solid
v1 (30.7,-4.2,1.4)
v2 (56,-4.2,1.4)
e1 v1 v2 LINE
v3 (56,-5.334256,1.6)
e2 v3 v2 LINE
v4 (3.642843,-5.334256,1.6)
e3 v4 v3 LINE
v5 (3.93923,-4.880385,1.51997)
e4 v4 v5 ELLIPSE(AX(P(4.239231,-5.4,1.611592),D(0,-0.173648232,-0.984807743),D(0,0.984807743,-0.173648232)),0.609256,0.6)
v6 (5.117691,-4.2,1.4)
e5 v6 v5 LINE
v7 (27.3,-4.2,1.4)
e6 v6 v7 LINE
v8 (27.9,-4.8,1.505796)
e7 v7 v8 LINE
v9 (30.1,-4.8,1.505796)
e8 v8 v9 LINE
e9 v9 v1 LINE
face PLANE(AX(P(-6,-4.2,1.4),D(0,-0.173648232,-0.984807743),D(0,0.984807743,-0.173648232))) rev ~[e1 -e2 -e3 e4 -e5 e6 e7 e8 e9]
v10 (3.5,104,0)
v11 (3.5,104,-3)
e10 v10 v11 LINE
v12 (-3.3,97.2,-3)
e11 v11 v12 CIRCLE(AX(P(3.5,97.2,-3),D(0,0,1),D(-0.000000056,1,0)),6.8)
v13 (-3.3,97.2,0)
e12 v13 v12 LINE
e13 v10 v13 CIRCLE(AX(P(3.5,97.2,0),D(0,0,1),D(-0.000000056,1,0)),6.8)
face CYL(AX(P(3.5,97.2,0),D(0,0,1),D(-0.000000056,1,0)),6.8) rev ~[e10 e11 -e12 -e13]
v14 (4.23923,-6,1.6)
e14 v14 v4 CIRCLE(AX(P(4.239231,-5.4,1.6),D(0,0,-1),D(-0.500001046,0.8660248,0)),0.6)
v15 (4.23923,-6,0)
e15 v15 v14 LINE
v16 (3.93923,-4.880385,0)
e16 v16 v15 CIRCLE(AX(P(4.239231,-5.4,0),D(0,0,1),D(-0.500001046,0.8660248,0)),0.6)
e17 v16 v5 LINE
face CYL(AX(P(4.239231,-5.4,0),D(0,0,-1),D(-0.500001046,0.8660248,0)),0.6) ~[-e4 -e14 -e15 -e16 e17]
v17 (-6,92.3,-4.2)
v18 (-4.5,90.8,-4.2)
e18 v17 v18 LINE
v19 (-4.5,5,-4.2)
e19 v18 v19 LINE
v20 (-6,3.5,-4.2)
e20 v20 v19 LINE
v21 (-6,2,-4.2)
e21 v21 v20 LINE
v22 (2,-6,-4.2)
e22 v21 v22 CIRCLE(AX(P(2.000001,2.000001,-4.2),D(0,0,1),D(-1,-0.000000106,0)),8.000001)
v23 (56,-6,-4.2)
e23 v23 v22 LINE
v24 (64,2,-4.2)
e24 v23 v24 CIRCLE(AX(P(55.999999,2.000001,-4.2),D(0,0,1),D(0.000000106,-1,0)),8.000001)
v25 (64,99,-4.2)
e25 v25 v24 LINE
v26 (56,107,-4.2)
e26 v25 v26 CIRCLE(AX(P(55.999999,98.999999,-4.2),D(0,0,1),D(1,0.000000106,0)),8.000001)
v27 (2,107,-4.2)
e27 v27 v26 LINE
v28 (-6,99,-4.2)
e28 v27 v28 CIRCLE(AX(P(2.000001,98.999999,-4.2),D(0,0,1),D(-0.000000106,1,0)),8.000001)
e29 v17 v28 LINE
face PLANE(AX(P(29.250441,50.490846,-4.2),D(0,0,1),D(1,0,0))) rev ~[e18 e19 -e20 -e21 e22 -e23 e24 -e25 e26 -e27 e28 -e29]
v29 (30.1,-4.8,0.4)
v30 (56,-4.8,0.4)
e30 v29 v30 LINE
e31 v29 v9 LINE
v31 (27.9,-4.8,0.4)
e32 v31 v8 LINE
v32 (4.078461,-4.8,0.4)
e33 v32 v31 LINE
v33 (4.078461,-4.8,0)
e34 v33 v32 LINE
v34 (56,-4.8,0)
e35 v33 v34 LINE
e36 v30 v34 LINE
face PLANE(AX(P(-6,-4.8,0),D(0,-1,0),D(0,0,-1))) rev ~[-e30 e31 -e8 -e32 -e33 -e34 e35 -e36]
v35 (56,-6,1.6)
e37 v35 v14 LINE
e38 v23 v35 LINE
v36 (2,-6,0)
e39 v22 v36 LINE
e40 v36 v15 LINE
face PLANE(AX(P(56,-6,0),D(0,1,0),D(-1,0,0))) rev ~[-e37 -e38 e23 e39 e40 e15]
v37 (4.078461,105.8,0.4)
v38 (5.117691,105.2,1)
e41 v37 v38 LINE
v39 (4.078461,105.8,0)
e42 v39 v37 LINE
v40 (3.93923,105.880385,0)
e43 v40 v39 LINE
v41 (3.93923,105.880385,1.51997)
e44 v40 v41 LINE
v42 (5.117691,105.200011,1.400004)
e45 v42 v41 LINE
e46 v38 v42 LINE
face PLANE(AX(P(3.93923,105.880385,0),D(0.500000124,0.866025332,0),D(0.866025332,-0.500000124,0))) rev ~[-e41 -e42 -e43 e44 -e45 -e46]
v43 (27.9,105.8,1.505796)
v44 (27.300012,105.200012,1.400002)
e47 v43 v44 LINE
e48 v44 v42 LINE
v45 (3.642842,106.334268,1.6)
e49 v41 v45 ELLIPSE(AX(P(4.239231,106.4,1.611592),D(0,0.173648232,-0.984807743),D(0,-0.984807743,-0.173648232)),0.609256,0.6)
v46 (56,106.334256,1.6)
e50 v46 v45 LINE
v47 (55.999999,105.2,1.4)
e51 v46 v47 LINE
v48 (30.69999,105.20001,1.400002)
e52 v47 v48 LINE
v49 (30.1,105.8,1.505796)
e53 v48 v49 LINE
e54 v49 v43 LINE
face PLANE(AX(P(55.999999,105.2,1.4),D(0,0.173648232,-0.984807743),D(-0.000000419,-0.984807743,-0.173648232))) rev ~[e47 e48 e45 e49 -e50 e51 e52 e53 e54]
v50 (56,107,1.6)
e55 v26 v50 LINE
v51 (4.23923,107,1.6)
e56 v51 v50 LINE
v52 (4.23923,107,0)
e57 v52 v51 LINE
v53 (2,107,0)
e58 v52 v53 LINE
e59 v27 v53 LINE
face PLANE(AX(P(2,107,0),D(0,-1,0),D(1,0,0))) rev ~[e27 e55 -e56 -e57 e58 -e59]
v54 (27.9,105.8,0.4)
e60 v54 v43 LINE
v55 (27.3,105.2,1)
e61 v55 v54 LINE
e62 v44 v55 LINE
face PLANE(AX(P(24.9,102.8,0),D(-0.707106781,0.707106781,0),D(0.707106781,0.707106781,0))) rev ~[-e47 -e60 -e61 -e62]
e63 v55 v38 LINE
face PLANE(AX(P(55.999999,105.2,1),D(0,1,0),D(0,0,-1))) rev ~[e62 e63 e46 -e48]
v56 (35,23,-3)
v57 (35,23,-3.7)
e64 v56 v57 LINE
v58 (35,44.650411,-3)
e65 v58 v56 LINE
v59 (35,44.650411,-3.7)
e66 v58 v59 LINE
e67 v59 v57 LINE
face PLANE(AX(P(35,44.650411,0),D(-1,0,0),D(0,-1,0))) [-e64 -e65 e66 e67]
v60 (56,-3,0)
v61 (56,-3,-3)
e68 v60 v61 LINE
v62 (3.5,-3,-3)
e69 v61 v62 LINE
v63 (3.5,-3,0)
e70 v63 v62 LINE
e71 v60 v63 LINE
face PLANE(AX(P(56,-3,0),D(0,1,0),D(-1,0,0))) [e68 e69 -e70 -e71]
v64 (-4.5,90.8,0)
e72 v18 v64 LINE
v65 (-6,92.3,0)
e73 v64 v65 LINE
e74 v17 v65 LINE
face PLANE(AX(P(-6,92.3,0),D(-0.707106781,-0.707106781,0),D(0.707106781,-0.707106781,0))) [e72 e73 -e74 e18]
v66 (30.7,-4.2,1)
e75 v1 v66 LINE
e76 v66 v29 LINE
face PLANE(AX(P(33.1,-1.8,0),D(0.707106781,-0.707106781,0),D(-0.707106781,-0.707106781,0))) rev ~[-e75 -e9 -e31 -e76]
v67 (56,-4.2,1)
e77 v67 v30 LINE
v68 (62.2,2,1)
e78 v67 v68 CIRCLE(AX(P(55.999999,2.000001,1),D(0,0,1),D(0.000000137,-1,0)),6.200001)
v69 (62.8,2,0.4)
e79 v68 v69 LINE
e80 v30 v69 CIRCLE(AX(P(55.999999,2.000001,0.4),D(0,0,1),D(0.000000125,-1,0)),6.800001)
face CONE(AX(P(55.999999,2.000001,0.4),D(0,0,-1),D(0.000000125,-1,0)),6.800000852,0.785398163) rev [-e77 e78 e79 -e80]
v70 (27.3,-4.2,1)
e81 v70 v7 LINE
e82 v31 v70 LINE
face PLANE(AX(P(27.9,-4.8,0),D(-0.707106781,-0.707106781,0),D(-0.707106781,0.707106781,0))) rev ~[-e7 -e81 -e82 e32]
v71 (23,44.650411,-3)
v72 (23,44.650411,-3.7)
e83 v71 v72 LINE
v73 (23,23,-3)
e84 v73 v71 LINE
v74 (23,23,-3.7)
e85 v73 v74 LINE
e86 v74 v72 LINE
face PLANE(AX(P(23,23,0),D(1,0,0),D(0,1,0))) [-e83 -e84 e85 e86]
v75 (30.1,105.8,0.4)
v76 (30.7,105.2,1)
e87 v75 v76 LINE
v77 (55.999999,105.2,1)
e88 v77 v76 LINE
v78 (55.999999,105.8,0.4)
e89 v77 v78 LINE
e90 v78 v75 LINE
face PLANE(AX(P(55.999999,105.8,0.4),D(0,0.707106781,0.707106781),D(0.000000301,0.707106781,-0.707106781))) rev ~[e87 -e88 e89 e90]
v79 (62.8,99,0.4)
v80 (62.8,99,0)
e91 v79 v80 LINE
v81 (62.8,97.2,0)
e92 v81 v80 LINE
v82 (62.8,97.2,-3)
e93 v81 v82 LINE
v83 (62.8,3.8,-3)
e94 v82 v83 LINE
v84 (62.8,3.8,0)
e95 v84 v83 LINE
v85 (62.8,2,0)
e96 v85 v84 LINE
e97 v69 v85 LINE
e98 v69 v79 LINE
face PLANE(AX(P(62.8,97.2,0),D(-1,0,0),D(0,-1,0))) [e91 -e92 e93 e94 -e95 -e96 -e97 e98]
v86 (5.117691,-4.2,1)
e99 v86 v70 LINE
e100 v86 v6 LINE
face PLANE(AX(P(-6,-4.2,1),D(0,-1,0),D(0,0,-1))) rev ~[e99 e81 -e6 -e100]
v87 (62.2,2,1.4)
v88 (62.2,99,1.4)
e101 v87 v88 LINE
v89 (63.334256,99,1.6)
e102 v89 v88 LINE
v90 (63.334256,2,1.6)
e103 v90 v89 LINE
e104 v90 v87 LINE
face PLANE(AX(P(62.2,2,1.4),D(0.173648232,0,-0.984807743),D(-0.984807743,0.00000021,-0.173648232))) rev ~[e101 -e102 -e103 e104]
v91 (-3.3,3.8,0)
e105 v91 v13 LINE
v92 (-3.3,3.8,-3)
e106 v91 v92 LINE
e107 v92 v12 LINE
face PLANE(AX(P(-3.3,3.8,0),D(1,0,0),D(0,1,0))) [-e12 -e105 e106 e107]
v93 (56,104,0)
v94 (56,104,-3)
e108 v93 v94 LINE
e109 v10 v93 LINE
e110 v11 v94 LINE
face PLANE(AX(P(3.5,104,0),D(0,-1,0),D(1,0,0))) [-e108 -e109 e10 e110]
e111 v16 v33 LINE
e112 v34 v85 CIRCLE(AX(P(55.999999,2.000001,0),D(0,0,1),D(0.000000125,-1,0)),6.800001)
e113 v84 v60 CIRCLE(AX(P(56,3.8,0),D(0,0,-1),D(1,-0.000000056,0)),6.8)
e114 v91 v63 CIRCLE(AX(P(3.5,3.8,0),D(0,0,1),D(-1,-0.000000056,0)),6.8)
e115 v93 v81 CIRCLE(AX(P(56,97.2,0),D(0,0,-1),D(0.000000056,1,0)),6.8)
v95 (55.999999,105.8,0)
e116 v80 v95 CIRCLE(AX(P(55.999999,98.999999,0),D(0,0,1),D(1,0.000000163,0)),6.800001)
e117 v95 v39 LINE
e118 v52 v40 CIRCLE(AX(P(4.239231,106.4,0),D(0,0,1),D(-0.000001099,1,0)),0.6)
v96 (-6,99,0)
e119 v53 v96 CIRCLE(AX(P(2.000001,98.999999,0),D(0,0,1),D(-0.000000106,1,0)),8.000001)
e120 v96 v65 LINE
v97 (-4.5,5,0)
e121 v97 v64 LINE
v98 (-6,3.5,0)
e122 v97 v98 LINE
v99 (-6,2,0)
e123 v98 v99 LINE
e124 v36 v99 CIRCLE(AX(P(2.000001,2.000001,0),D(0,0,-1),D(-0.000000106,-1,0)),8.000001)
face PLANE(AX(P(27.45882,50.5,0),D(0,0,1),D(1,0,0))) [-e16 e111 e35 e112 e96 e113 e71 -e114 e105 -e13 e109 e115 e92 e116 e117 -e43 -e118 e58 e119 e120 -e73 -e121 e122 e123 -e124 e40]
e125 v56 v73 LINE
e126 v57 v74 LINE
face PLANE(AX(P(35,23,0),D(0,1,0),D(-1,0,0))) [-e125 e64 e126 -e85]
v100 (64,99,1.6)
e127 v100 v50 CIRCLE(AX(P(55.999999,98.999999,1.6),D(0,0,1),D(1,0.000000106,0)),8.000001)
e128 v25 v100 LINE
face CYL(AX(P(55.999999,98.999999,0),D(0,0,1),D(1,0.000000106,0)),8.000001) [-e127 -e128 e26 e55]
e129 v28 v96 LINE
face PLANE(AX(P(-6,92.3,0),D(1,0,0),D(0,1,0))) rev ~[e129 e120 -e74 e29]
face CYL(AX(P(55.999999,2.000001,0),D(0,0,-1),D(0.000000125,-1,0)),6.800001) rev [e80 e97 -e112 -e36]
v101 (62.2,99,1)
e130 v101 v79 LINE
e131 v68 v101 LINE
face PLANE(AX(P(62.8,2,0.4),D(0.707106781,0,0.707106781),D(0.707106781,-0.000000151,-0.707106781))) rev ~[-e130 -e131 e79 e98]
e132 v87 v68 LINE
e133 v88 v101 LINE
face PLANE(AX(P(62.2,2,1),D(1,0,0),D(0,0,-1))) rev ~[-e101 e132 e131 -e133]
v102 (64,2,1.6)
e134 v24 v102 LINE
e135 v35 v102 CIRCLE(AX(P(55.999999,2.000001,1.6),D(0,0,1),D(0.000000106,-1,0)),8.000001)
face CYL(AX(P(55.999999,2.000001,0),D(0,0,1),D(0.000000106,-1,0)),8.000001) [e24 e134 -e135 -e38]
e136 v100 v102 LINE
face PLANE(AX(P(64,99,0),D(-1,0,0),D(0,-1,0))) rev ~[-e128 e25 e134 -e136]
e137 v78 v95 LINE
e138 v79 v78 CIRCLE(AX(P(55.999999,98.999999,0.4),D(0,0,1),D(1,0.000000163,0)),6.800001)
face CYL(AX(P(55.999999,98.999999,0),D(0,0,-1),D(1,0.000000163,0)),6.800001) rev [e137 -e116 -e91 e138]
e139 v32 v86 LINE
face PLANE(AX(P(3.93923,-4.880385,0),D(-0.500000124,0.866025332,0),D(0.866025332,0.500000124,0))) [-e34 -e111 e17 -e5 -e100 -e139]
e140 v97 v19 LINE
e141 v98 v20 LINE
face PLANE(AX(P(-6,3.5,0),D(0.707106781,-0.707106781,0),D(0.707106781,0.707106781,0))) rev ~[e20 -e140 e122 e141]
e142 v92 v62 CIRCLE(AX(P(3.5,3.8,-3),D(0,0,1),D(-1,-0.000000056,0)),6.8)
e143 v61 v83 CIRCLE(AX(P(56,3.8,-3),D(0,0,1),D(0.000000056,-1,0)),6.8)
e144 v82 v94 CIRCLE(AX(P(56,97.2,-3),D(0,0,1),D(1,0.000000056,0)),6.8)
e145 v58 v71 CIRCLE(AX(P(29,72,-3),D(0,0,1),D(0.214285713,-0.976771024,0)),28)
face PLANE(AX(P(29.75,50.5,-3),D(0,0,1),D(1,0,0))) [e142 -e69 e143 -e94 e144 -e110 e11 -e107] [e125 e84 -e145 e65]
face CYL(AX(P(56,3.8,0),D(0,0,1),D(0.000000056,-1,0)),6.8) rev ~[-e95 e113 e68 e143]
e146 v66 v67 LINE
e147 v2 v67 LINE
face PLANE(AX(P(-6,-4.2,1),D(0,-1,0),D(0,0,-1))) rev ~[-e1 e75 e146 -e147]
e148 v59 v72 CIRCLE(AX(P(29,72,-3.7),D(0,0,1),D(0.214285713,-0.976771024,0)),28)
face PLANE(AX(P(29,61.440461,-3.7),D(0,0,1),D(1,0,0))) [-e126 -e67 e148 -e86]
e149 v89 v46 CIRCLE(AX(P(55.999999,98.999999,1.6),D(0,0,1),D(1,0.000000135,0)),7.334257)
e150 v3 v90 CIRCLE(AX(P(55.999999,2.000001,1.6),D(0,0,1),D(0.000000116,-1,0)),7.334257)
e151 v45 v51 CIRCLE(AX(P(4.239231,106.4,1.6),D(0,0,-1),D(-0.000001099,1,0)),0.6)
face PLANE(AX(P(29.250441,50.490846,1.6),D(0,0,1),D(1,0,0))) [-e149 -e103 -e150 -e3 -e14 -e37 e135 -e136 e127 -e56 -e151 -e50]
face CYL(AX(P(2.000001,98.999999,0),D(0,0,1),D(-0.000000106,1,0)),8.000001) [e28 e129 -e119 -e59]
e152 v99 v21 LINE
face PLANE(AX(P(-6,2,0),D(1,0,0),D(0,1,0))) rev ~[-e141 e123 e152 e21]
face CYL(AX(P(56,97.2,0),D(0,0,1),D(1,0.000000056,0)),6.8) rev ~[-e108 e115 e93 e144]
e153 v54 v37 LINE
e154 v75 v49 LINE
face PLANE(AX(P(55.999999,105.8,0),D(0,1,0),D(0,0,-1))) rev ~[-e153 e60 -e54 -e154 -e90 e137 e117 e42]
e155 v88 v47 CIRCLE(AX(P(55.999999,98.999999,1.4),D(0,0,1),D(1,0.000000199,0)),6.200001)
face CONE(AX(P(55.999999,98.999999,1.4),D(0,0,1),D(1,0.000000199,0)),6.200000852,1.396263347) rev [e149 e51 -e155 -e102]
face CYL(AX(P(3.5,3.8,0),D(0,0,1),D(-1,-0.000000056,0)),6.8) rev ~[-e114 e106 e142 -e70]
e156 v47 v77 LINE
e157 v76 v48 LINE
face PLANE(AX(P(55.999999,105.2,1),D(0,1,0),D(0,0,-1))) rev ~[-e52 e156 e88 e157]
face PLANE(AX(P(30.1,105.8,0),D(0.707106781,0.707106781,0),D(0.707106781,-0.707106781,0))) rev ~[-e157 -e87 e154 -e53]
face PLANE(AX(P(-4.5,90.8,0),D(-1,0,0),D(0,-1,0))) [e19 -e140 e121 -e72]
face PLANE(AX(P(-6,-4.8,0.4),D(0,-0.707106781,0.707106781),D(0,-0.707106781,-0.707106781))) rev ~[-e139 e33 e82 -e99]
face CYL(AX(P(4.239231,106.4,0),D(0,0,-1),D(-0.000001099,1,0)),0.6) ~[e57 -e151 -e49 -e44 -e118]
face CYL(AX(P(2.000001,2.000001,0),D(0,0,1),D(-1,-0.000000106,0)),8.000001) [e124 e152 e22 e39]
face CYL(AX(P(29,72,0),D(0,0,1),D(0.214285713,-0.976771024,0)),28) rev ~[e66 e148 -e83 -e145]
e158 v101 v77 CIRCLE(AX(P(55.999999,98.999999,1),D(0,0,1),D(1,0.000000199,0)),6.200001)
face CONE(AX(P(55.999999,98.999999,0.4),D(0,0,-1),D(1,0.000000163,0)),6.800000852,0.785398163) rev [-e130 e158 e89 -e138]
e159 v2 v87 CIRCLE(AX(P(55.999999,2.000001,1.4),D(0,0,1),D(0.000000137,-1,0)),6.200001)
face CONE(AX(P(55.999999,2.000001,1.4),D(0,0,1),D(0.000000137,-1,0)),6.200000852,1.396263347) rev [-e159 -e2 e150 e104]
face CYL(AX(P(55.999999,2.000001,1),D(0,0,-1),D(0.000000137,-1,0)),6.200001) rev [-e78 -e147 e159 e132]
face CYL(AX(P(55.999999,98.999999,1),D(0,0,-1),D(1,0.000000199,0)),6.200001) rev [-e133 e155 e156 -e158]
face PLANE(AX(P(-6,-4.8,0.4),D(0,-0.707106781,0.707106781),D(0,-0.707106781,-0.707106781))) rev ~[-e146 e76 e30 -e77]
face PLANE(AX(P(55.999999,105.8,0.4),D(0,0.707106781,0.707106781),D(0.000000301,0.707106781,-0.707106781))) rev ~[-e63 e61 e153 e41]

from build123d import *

# Parameters (mm, degrees)
PAD_DEPTH       = 1.6
PAD_DEPTH_BACK  = 4.2
POCKET001_DEPTH = 3
POCKET002_DEPTH = 10
POCKET003_DEPTH = 3.7
POCKET_DEPTH    = 5


with BuildPart() as part:
    # Sketch → Pad (new body, two sides)
    with BuildSketch(Plane.XY) as pad_sk:
        with BuildLine():
            ThreePointArc((-6, 2), (-3.656854, -3.656854), (2, -6))
            Line((56, -6), (2, -6))
            ThreePointArc((56, -6), (61.656854, -3.656854), (64, 2))
            Line((64, 99), (64, 2))
            ThreePointArc((64, 99), (61.656854, 104.656854), (56, 107))
            Line((2, 107), (56, 107))
            ThreePointArc((2, 107), (-3.656854, 104.656854), (-6, 99))
            Line((-6, 92.3), (-6, 99))
            Line((-6, 92.3), (-4.5, 90.8))
            Line((-4.5, 90.8), (-4.5, 5))
            Line((-6, 3.5), (-4.5, 5))
            Line((-6, 2), (-6, 3.5))
        make_face()
    extrude(amount=PAD_DEPTH)
    extrude(pad_sk.sketch, amount=-PAD_DEPTH_BACK)

    # Sketch002 → Pocket001 (cut)
    with BuildSketch(Plane.XY):
        with BuildLine():
            ThreePointArc((3.5, 104), (-1.308326, 102.008326), (-3.3, 97.2))
            Line((-3.3, 3.8), (-3.3, 97.2))
            ThreePointArc((-3.3, 3.8), (-1.308326, -1.008326), (3.5, -3))
            Line((56, -3), (3.5, -3))
            ThreePointArc((56, -3), (60.808326, -1.008326), (62.8, 3.8))
            Line((62.8, 97.2), (62.8, 3.8))
            ThreePointArc((62.8, 97.2), (60.808326, 102.008326), (56, 104))
            Line((3.5, 104), (56, 104))
        make_face()
    extrude(amount=-POCKET001_DEPTH, mode=Mode.SUBTRACT)

    # Sketch003 → Pocket002 (cut)
    with BuildSketch(Plane.XY):
        Polygon((24.9, -1.8), (24.9, 102.8), (27.9, 105.8), (30.1, 105.8), (33.1, 102.8), (33.1, -1.8), (30.1, -4.8), (27.9, -4.8), align=None)
        with BuildLine():
            Line((3.93923, 105.880385), (5.117691, 105.2))
            Line((5.117691, 105.2), (-11.76077, 105.2))
            Line((-11.76077, 107), (-11.76077, 105.2))
            Line((4.23923, 107), (-11.76077, 107))
            ThreePointArc((4.23923, 107), (3.659675, 106.555291), (3.93923, 105.880385))
        make_face()
        with BuildLine():
            Line((3.93923, -4.880385), (5.117691, -4.2))
            Line((5.117691, -4.2), (-11.76077, -4.2))
            Line((-11.76077, -4.2), (-11.76077, -6))
            Line((-11.76077, -6), (4.23923, -6))
            ThreePointArc((3.93923, -4.880385), (3.659675, -5.555291), (4.23923, -6))
        make_face()
    extrude(amount=POCKET002_DEPTH, mode=Mode.SUBTRACT)

    # Sketch004 → Pocket003 (cut)
    with BuildSketch(Plane.XY):
        with BuildLine():
            ThreePointArc((35, 44.650411), (29, 100), (23, 44.650411))
            Line((23, 23), (23, 44.650411))
            Line((35, 23), (23, 23))
            Line((35, 44.650411), (35, 23))
        make_face()
    extrude(amount=-POCKET003_DEPTH, mode=Mode.SUBTRACT)

    # SubtractivePipe: sweep along a path in Sketch005
    with BuildLine(Plane.XY) as subtractivepipe_path:
        Line((-6, -6), (56, -6))
        ThreePointArc((56, -6), (61.656854, -3.656854), (64, 2))
        Line((64, 2), (64, 99))
        ThreePointArc((64, 99), (61.656854, 104.656854), (56, 107))
        Line((56, 107), (-6, 107))
    # Sketch001 → SubtractivePipe (sweep, cut)
    with BuildSketch(Plane.YZ):
        Polygon((-4.8, 0), (-4.8, 0.4), (-4.2, 1), (-4.2, 1.4), (-5.334256, 1.6), (-3.334256, 1.6), (-3.334256, 0), align=None)
    sweep(path=subtractivepipe_path.line, mode=Mode.SUBTRACT)

    # Sketch006 → Pocket (cut)
    with BuildSketch(Plane.XY):
        with BuildLine():
            Line((-6, -4), (56, -4))
            ThreePointArc((56, -4), (60.242641, -2.242641), (62, 2))
            Line((62, 2), (62, 99))
            ThreePointArc((62, 99), (60.242641, 103.242641), (56, 105))
            Line((56, 105), (-6, 105))
            Line((-6, 105), (-6, -4))
        make_face()
    extrude(amount=POCKET_DEPTH, mode=Mode.SUBTRACT)


solid = part.part
